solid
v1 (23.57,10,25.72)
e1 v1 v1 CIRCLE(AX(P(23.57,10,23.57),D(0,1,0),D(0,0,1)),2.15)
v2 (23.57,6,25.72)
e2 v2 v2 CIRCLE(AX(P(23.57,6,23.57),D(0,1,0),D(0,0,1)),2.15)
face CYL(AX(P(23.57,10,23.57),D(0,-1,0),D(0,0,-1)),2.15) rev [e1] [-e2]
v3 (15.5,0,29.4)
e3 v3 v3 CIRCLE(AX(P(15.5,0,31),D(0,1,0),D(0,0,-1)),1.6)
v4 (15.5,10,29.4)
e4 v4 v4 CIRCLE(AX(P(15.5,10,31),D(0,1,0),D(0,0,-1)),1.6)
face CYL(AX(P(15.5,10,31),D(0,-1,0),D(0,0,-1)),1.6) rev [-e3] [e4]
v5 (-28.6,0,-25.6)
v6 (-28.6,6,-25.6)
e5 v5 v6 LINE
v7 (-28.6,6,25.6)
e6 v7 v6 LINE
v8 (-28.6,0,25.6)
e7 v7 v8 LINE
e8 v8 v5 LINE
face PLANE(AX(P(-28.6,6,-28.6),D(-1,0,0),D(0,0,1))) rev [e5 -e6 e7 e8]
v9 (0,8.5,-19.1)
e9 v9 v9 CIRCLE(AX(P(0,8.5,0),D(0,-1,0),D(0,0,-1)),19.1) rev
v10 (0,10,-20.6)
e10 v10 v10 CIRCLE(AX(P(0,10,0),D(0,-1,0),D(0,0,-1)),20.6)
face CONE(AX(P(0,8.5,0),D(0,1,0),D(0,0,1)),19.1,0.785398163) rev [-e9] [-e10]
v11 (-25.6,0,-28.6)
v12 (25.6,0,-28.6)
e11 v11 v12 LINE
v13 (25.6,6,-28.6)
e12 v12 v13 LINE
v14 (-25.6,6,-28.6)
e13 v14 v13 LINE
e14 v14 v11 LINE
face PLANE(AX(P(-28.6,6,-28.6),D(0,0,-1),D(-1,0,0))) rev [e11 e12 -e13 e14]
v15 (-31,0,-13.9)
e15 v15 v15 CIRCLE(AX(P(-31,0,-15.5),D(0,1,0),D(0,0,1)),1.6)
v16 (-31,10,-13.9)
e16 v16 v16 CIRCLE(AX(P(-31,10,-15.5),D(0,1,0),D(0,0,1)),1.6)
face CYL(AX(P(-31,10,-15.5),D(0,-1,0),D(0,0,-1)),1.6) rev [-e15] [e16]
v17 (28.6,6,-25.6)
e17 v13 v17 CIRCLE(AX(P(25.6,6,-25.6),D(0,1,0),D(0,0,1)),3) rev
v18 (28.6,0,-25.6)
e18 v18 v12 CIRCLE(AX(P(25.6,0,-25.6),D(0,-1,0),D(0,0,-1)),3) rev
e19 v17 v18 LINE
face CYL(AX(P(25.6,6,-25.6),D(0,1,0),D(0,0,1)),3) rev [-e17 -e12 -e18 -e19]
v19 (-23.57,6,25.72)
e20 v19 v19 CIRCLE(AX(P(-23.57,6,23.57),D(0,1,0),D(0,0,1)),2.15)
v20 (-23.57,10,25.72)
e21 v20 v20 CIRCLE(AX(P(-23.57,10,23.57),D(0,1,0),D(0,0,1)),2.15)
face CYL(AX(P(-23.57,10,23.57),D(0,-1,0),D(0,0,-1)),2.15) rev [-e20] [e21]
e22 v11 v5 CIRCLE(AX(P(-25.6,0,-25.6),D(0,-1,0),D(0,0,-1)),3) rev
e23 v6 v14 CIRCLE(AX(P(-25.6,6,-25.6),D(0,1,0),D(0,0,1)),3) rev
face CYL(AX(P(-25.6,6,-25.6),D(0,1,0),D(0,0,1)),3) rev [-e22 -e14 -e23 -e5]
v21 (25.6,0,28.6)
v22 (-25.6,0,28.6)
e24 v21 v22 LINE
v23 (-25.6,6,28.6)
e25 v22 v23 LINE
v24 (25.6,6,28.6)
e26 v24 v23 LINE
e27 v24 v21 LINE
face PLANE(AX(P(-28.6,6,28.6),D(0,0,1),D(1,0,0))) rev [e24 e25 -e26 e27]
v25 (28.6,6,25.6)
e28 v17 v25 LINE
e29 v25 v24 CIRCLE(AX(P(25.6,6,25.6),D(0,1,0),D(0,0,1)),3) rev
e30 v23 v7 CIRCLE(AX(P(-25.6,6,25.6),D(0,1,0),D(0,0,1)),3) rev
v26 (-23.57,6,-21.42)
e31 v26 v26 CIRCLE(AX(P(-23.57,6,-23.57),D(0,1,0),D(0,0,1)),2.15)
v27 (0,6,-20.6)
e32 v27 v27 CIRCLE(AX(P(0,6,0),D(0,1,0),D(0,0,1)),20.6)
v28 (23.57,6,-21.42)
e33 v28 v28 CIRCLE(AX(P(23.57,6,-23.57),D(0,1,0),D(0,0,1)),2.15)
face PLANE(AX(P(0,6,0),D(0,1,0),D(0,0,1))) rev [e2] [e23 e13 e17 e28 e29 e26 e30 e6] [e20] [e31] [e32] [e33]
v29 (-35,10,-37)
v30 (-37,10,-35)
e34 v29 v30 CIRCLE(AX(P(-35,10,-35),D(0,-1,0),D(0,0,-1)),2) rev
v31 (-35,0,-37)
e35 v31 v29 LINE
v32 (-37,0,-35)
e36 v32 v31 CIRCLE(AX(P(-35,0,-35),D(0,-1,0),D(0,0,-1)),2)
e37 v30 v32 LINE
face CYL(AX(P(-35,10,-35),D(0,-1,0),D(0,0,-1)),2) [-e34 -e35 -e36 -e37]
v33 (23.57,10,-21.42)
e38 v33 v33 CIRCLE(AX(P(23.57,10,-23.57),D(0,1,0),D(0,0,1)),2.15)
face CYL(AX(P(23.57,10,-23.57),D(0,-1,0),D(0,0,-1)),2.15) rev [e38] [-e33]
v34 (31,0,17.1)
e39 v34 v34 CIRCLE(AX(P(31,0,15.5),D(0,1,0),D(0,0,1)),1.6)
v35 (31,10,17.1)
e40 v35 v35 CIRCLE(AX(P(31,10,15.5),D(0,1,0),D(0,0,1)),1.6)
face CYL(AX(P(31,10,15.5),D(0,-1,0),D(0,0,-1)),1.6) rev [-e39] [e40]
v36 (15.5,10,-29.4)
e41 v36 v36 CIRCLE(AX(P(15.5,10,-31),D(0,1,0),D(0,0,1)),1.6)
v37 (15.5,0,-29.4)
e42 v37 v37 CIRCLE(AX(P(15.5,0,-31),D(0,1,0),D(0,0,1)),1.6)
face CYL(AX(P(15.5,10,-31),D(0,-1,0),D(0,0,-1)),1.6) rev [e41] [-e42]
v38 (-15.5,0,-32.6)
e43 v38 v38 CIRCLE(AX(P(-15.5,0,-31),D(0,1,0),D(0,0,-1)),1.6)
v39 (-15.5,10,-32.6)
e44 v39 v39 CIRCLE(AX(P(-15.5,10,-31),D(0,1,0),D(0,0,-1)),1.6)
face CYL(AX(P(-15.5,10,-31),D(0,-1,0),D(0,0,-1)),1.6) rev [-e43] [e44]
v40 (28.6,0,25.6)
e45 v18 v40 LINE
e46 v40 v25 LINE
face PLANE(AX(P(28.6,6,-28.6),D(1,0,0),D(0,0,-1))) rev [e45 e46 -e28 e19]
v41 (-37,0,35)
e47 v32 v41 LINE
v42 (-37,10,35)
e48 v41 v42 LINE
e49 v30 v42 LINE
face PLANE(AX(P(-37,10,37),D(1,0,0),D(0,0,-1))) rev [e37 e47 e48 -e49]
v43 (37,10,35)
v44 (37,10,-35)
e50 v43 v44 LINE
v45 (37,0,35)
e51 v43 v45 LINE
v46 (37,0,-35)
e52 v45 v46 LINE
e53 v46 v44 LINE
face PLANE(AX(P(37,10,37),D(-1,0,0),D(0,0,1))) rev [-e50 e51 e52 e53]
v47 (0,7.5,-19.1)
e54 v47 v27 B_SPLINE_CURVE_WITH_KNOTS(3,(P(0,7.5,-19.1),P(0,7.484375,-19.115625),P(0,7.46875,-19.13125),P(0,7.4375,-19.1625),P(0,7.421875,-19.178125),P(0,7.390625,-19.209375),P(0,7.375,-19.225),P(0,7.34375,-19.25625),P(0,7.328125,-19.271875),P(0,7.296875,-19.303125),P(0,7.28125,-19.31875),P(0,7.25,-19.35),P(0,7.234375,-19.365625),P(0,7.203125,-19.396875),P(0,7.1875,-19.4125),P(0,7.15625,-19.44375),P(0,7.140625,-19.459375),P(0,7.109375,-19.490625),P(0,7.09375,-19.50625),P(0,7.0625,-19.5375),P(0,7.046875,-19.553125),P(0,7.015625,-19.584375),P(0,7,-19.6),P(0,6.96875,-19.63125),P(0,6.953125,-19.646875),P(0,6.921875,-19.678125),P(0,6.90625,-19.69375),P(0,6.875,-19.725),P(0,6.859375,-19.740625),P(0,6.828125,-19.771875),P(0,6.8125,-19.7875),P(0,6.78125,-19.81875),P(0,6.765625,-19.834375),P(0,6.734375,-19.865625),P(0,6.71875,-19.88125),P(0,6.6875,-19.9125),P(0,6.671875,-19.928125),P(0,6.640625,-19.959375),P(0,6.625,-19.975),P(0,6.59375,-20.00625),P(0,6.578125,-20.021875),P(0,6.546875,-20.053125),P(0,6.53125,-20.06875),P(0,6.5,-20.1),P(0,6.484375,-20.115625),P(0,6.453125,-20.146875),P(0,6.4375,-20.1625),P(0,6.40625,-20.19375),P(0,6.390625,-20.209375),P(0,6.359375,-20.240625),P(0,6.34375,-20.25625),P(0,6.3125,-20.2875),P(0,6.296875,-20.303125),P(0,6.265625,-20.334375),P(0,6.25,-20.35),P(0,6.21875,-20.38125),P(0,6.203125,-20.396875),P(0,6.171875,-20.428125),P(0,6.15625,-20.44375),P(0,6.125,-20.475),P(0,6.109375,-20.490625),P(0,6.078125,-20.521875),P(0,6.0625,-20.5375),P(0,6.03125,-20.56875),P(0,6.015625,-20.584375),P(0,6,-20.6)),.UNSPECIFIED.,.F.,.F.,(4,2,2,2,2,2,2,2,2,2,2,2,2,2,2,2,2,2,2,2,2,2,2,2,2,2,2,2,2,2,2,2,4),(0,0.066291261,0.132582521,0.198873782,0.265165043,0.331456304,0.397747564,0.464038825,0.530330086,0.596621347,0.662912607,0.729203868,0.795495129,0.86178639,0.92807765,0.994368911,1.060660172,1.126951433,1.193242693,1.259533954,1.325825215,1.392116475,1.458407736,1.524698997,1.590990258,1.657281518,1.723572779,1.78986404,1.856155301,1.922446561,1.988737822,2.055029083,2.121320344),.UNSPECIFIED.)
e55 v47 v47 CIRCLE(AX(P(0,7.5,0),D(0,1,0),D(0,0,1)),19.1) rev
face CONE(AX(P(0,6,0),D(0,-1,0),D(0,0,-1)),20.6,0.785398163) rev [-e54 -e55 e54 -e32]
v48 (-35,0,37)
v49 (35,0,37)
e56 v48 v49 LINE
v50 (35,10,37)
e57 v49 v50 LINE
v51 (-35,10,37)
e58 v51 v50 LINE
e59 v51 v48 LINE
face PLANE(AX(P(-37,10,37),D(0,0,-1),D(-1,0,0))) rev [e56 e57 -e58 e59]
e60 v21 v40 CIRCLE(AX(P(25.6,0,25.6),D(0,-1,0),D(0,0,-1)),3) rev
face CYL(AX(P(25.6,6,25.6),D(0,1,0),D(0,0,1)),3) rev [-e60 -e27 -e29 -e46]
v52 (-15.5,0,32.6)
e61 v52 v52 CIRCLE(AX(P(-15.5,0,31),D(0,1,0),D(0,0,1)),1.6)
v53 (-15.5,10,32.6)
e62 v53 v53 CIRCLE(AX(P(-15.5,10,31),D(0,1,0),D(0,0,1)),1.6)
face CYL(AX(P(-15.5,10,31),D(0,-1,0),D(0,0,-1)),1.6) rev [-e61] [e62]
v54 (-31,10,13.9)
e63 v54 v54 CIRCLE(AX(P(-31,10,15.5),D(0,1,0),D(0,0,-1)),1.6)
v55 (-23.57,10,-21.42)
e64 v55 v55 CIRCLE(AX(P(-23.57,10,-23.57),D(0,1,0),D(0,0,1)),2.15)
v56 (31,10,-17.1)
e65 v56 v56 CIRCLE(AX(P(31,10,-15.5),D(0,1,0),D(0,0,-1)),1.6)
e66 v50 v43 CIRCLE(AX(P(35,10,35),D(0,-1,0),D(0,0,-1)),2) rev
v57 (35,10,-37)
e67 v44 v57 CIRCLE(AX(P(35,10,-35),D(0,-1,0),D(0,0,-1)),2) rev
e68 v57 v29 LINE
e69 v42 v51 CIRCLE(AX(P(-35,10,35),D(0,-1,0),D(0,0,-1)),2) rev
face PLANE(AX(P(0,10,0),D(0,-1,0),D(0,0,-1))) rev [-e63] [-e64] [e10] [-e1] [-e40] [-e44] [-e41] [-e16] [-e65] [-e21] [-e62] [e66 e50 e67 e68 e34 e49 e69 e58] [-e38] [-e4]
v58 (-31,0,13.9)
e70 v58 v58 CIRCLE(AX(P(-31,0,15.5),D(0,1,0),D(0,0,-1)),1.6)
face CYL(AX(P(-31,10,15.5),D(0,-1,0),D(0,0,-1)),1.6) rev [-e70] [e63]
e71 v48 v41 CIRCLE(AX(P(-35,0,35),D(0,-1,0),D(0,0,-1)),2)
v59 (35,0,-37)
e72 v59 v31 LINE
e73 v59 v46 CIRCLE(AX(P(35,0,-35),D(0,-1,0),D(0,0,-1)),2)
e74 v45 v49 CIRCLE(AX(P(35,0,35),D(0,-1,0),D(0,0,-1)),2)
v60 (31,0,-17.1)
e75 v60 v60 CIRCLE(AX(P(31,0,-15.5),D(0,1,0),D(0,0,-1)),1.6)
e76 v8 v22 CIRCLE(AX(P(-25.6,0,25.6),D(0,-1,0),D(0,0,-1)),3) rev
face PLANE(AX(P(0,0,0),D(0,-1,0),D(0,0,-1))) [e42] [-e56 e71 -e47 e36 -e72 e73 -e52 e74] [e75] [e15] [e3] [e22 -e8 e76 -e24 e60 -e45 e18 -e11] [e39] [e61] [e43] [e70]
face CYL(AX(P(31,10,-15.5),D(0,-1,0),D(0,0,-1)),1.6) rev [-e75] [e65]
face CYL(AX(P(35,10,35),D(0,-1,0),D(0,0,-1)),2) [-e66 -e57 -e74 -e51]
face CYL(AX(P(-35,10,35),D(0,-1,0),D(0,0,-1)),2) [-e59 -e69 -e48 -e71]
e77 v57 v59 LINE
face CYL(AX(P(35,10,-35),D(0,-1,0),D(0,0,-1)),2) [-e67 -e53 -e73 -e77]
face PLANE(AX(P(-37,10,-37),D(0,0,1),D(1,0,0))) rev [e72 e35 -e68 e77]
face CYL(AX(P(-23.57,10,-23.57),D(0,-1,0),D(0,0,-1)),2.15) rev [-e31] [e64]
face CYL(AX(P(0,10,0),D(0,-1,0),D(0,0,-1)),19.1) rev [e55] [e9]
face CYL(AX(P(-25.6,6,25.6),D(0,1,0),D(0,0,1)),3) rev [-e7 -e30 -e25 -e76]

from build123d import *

# Parameters (mm, degrees)
SKETCH1_W           = 74
SKETCH1_H           = 74
SKETCH1_R           = 2.15
SKETCH1_R_2         = 19.1
SKETCH1_R_3         = 1.6
BOSS_EXTRUDE1_DEPTH = 10
SKETCH2_W           = 57.2
SKETCH2_H           = 57.2
CUT_EXTRUDE1_DEPTH  = 6
FILLET1_R           = 3
CHAMFER1_SIZE       = 1.5
FILLET2_R           = 2


with BuildPart() as part:
    # Sketch1 → Boss-Extrude1 (new body)
    with BuildSketch(Plane(origin=(0, 0, 0), x_dir=(1, 0, 0), z_dir=(0, 1, 0))):
        Rectangle(SKETCH1_W, SKETCH1_H)
        with Locations(Location((23.57, 23.57, 0), (0, 0, 270))):
            Circle(SKETCH1_R, mode=Mode.SUBTRACT)
        with Locations(Location((-23.57, 23.57, 0), (0, 0, 270))):
            Circle(SKETCH1_R, mode=Mode.SUBTRACT)
        with Locations(Location((-23.57, -23.57, 0), (0, 0, 270))):
            Circle(SKETCH1_R, mode=Mode.SUBTRACT)
        with Locations(Location((23.57, -23.57, 0), (0, 0, 270))):
            Circle(SKETCH1_R, mode=Mode.SUBTRACT)
        with Locations(Location((0, 0, 0), (0, 0, 270))):
            Circle(SKETCH1_R_2, mode=Mode.SUBTRACT)
        with Locations(Location((15.5, 31, 0), (0, 0, 270))):
            Circle(SKETCH1_R_3, mode=Mode.SUBTRACT)
        with Locations(Location((-15.5, 31, 0), (0, 0, 90))):
            Circle(SKETCH1_R_3, mode=Mode.SUBTRACT)
        with Locations(Location((31, -15.5, 0), (0, 0, 270))):
            Circle(SKETCH1_R_3, mode=Mode.SUBTRACT)
        with Locations(Location((31, 15.5, 0), (0, 0, 90))):
            Circle(SKETCH1_R_3, mode=Mode.SUBTRACT)
        with Locations(Location((-15.5, -31, 0), (0, 0, 270))):
            Circle(SKETCH1_R_3, mode=Mode.SUBTRACT)
        with Locations(Location((15.5, -31, 0), (0, 0, 90))):
            Circle(SKETCH1_R_3, mode=Mode.SUBTRACT)
        with Locations(Location((-31, 15.5, 0), (0, 0, 270))):
            Circle(SKETCH1_R_3, mode=Mode.SUBTRACT)
        with Locations(Location((-31, -15.5, 0), (0, 0, 90))):
            Circle(SKETCH1_R_3, mode=Mode.SUBTRACT)
    extrude(amount=BOSS_EXTRUDE1_DEPTH)

    # Sketch2 → Cut-Extrude1 (cut)
    with BuildSketch(Plane.XZ):
        Rectangle(SKETCH2_W, SKETCH2_H)
    extrude(amount=-CUT_EXTRUDE1_DEPTH, mode=Mode.SUBTRACT)

    # Fillet1
    fillet1_edges = [part.edges().sort_by_distance(p)[0] for p in [
        (28.6, 3, 28.6),
        (28.6, 3, -28.6),
        (-28.6, 3, -28.6),
        (-28.6, 3, 28.6),
    ]]
    fillet(fillet1_edges, radius=FILLET1_R)

    # Chamfer1
    chamfer1_edges = [part.edges().sort_by_distance(p)[0] for p in [
        (0, 10, -19.1),
        (0, 6, -19.1),
    ]]
    chamfer(chamfer1_edges, length=CHAMFER1_SIZE)

    # Fillet2
    fillet2_edges = [part.edges().sort_by_distance(p)[0] for p in [
        (37, 5, 37),
        (-37, 5, 37),
        (-37, 5, -37),
        (37, 5, -37),
    ]]
    fillet(fillet2_edges, radius=FILLET2_R)


solid = part.part
